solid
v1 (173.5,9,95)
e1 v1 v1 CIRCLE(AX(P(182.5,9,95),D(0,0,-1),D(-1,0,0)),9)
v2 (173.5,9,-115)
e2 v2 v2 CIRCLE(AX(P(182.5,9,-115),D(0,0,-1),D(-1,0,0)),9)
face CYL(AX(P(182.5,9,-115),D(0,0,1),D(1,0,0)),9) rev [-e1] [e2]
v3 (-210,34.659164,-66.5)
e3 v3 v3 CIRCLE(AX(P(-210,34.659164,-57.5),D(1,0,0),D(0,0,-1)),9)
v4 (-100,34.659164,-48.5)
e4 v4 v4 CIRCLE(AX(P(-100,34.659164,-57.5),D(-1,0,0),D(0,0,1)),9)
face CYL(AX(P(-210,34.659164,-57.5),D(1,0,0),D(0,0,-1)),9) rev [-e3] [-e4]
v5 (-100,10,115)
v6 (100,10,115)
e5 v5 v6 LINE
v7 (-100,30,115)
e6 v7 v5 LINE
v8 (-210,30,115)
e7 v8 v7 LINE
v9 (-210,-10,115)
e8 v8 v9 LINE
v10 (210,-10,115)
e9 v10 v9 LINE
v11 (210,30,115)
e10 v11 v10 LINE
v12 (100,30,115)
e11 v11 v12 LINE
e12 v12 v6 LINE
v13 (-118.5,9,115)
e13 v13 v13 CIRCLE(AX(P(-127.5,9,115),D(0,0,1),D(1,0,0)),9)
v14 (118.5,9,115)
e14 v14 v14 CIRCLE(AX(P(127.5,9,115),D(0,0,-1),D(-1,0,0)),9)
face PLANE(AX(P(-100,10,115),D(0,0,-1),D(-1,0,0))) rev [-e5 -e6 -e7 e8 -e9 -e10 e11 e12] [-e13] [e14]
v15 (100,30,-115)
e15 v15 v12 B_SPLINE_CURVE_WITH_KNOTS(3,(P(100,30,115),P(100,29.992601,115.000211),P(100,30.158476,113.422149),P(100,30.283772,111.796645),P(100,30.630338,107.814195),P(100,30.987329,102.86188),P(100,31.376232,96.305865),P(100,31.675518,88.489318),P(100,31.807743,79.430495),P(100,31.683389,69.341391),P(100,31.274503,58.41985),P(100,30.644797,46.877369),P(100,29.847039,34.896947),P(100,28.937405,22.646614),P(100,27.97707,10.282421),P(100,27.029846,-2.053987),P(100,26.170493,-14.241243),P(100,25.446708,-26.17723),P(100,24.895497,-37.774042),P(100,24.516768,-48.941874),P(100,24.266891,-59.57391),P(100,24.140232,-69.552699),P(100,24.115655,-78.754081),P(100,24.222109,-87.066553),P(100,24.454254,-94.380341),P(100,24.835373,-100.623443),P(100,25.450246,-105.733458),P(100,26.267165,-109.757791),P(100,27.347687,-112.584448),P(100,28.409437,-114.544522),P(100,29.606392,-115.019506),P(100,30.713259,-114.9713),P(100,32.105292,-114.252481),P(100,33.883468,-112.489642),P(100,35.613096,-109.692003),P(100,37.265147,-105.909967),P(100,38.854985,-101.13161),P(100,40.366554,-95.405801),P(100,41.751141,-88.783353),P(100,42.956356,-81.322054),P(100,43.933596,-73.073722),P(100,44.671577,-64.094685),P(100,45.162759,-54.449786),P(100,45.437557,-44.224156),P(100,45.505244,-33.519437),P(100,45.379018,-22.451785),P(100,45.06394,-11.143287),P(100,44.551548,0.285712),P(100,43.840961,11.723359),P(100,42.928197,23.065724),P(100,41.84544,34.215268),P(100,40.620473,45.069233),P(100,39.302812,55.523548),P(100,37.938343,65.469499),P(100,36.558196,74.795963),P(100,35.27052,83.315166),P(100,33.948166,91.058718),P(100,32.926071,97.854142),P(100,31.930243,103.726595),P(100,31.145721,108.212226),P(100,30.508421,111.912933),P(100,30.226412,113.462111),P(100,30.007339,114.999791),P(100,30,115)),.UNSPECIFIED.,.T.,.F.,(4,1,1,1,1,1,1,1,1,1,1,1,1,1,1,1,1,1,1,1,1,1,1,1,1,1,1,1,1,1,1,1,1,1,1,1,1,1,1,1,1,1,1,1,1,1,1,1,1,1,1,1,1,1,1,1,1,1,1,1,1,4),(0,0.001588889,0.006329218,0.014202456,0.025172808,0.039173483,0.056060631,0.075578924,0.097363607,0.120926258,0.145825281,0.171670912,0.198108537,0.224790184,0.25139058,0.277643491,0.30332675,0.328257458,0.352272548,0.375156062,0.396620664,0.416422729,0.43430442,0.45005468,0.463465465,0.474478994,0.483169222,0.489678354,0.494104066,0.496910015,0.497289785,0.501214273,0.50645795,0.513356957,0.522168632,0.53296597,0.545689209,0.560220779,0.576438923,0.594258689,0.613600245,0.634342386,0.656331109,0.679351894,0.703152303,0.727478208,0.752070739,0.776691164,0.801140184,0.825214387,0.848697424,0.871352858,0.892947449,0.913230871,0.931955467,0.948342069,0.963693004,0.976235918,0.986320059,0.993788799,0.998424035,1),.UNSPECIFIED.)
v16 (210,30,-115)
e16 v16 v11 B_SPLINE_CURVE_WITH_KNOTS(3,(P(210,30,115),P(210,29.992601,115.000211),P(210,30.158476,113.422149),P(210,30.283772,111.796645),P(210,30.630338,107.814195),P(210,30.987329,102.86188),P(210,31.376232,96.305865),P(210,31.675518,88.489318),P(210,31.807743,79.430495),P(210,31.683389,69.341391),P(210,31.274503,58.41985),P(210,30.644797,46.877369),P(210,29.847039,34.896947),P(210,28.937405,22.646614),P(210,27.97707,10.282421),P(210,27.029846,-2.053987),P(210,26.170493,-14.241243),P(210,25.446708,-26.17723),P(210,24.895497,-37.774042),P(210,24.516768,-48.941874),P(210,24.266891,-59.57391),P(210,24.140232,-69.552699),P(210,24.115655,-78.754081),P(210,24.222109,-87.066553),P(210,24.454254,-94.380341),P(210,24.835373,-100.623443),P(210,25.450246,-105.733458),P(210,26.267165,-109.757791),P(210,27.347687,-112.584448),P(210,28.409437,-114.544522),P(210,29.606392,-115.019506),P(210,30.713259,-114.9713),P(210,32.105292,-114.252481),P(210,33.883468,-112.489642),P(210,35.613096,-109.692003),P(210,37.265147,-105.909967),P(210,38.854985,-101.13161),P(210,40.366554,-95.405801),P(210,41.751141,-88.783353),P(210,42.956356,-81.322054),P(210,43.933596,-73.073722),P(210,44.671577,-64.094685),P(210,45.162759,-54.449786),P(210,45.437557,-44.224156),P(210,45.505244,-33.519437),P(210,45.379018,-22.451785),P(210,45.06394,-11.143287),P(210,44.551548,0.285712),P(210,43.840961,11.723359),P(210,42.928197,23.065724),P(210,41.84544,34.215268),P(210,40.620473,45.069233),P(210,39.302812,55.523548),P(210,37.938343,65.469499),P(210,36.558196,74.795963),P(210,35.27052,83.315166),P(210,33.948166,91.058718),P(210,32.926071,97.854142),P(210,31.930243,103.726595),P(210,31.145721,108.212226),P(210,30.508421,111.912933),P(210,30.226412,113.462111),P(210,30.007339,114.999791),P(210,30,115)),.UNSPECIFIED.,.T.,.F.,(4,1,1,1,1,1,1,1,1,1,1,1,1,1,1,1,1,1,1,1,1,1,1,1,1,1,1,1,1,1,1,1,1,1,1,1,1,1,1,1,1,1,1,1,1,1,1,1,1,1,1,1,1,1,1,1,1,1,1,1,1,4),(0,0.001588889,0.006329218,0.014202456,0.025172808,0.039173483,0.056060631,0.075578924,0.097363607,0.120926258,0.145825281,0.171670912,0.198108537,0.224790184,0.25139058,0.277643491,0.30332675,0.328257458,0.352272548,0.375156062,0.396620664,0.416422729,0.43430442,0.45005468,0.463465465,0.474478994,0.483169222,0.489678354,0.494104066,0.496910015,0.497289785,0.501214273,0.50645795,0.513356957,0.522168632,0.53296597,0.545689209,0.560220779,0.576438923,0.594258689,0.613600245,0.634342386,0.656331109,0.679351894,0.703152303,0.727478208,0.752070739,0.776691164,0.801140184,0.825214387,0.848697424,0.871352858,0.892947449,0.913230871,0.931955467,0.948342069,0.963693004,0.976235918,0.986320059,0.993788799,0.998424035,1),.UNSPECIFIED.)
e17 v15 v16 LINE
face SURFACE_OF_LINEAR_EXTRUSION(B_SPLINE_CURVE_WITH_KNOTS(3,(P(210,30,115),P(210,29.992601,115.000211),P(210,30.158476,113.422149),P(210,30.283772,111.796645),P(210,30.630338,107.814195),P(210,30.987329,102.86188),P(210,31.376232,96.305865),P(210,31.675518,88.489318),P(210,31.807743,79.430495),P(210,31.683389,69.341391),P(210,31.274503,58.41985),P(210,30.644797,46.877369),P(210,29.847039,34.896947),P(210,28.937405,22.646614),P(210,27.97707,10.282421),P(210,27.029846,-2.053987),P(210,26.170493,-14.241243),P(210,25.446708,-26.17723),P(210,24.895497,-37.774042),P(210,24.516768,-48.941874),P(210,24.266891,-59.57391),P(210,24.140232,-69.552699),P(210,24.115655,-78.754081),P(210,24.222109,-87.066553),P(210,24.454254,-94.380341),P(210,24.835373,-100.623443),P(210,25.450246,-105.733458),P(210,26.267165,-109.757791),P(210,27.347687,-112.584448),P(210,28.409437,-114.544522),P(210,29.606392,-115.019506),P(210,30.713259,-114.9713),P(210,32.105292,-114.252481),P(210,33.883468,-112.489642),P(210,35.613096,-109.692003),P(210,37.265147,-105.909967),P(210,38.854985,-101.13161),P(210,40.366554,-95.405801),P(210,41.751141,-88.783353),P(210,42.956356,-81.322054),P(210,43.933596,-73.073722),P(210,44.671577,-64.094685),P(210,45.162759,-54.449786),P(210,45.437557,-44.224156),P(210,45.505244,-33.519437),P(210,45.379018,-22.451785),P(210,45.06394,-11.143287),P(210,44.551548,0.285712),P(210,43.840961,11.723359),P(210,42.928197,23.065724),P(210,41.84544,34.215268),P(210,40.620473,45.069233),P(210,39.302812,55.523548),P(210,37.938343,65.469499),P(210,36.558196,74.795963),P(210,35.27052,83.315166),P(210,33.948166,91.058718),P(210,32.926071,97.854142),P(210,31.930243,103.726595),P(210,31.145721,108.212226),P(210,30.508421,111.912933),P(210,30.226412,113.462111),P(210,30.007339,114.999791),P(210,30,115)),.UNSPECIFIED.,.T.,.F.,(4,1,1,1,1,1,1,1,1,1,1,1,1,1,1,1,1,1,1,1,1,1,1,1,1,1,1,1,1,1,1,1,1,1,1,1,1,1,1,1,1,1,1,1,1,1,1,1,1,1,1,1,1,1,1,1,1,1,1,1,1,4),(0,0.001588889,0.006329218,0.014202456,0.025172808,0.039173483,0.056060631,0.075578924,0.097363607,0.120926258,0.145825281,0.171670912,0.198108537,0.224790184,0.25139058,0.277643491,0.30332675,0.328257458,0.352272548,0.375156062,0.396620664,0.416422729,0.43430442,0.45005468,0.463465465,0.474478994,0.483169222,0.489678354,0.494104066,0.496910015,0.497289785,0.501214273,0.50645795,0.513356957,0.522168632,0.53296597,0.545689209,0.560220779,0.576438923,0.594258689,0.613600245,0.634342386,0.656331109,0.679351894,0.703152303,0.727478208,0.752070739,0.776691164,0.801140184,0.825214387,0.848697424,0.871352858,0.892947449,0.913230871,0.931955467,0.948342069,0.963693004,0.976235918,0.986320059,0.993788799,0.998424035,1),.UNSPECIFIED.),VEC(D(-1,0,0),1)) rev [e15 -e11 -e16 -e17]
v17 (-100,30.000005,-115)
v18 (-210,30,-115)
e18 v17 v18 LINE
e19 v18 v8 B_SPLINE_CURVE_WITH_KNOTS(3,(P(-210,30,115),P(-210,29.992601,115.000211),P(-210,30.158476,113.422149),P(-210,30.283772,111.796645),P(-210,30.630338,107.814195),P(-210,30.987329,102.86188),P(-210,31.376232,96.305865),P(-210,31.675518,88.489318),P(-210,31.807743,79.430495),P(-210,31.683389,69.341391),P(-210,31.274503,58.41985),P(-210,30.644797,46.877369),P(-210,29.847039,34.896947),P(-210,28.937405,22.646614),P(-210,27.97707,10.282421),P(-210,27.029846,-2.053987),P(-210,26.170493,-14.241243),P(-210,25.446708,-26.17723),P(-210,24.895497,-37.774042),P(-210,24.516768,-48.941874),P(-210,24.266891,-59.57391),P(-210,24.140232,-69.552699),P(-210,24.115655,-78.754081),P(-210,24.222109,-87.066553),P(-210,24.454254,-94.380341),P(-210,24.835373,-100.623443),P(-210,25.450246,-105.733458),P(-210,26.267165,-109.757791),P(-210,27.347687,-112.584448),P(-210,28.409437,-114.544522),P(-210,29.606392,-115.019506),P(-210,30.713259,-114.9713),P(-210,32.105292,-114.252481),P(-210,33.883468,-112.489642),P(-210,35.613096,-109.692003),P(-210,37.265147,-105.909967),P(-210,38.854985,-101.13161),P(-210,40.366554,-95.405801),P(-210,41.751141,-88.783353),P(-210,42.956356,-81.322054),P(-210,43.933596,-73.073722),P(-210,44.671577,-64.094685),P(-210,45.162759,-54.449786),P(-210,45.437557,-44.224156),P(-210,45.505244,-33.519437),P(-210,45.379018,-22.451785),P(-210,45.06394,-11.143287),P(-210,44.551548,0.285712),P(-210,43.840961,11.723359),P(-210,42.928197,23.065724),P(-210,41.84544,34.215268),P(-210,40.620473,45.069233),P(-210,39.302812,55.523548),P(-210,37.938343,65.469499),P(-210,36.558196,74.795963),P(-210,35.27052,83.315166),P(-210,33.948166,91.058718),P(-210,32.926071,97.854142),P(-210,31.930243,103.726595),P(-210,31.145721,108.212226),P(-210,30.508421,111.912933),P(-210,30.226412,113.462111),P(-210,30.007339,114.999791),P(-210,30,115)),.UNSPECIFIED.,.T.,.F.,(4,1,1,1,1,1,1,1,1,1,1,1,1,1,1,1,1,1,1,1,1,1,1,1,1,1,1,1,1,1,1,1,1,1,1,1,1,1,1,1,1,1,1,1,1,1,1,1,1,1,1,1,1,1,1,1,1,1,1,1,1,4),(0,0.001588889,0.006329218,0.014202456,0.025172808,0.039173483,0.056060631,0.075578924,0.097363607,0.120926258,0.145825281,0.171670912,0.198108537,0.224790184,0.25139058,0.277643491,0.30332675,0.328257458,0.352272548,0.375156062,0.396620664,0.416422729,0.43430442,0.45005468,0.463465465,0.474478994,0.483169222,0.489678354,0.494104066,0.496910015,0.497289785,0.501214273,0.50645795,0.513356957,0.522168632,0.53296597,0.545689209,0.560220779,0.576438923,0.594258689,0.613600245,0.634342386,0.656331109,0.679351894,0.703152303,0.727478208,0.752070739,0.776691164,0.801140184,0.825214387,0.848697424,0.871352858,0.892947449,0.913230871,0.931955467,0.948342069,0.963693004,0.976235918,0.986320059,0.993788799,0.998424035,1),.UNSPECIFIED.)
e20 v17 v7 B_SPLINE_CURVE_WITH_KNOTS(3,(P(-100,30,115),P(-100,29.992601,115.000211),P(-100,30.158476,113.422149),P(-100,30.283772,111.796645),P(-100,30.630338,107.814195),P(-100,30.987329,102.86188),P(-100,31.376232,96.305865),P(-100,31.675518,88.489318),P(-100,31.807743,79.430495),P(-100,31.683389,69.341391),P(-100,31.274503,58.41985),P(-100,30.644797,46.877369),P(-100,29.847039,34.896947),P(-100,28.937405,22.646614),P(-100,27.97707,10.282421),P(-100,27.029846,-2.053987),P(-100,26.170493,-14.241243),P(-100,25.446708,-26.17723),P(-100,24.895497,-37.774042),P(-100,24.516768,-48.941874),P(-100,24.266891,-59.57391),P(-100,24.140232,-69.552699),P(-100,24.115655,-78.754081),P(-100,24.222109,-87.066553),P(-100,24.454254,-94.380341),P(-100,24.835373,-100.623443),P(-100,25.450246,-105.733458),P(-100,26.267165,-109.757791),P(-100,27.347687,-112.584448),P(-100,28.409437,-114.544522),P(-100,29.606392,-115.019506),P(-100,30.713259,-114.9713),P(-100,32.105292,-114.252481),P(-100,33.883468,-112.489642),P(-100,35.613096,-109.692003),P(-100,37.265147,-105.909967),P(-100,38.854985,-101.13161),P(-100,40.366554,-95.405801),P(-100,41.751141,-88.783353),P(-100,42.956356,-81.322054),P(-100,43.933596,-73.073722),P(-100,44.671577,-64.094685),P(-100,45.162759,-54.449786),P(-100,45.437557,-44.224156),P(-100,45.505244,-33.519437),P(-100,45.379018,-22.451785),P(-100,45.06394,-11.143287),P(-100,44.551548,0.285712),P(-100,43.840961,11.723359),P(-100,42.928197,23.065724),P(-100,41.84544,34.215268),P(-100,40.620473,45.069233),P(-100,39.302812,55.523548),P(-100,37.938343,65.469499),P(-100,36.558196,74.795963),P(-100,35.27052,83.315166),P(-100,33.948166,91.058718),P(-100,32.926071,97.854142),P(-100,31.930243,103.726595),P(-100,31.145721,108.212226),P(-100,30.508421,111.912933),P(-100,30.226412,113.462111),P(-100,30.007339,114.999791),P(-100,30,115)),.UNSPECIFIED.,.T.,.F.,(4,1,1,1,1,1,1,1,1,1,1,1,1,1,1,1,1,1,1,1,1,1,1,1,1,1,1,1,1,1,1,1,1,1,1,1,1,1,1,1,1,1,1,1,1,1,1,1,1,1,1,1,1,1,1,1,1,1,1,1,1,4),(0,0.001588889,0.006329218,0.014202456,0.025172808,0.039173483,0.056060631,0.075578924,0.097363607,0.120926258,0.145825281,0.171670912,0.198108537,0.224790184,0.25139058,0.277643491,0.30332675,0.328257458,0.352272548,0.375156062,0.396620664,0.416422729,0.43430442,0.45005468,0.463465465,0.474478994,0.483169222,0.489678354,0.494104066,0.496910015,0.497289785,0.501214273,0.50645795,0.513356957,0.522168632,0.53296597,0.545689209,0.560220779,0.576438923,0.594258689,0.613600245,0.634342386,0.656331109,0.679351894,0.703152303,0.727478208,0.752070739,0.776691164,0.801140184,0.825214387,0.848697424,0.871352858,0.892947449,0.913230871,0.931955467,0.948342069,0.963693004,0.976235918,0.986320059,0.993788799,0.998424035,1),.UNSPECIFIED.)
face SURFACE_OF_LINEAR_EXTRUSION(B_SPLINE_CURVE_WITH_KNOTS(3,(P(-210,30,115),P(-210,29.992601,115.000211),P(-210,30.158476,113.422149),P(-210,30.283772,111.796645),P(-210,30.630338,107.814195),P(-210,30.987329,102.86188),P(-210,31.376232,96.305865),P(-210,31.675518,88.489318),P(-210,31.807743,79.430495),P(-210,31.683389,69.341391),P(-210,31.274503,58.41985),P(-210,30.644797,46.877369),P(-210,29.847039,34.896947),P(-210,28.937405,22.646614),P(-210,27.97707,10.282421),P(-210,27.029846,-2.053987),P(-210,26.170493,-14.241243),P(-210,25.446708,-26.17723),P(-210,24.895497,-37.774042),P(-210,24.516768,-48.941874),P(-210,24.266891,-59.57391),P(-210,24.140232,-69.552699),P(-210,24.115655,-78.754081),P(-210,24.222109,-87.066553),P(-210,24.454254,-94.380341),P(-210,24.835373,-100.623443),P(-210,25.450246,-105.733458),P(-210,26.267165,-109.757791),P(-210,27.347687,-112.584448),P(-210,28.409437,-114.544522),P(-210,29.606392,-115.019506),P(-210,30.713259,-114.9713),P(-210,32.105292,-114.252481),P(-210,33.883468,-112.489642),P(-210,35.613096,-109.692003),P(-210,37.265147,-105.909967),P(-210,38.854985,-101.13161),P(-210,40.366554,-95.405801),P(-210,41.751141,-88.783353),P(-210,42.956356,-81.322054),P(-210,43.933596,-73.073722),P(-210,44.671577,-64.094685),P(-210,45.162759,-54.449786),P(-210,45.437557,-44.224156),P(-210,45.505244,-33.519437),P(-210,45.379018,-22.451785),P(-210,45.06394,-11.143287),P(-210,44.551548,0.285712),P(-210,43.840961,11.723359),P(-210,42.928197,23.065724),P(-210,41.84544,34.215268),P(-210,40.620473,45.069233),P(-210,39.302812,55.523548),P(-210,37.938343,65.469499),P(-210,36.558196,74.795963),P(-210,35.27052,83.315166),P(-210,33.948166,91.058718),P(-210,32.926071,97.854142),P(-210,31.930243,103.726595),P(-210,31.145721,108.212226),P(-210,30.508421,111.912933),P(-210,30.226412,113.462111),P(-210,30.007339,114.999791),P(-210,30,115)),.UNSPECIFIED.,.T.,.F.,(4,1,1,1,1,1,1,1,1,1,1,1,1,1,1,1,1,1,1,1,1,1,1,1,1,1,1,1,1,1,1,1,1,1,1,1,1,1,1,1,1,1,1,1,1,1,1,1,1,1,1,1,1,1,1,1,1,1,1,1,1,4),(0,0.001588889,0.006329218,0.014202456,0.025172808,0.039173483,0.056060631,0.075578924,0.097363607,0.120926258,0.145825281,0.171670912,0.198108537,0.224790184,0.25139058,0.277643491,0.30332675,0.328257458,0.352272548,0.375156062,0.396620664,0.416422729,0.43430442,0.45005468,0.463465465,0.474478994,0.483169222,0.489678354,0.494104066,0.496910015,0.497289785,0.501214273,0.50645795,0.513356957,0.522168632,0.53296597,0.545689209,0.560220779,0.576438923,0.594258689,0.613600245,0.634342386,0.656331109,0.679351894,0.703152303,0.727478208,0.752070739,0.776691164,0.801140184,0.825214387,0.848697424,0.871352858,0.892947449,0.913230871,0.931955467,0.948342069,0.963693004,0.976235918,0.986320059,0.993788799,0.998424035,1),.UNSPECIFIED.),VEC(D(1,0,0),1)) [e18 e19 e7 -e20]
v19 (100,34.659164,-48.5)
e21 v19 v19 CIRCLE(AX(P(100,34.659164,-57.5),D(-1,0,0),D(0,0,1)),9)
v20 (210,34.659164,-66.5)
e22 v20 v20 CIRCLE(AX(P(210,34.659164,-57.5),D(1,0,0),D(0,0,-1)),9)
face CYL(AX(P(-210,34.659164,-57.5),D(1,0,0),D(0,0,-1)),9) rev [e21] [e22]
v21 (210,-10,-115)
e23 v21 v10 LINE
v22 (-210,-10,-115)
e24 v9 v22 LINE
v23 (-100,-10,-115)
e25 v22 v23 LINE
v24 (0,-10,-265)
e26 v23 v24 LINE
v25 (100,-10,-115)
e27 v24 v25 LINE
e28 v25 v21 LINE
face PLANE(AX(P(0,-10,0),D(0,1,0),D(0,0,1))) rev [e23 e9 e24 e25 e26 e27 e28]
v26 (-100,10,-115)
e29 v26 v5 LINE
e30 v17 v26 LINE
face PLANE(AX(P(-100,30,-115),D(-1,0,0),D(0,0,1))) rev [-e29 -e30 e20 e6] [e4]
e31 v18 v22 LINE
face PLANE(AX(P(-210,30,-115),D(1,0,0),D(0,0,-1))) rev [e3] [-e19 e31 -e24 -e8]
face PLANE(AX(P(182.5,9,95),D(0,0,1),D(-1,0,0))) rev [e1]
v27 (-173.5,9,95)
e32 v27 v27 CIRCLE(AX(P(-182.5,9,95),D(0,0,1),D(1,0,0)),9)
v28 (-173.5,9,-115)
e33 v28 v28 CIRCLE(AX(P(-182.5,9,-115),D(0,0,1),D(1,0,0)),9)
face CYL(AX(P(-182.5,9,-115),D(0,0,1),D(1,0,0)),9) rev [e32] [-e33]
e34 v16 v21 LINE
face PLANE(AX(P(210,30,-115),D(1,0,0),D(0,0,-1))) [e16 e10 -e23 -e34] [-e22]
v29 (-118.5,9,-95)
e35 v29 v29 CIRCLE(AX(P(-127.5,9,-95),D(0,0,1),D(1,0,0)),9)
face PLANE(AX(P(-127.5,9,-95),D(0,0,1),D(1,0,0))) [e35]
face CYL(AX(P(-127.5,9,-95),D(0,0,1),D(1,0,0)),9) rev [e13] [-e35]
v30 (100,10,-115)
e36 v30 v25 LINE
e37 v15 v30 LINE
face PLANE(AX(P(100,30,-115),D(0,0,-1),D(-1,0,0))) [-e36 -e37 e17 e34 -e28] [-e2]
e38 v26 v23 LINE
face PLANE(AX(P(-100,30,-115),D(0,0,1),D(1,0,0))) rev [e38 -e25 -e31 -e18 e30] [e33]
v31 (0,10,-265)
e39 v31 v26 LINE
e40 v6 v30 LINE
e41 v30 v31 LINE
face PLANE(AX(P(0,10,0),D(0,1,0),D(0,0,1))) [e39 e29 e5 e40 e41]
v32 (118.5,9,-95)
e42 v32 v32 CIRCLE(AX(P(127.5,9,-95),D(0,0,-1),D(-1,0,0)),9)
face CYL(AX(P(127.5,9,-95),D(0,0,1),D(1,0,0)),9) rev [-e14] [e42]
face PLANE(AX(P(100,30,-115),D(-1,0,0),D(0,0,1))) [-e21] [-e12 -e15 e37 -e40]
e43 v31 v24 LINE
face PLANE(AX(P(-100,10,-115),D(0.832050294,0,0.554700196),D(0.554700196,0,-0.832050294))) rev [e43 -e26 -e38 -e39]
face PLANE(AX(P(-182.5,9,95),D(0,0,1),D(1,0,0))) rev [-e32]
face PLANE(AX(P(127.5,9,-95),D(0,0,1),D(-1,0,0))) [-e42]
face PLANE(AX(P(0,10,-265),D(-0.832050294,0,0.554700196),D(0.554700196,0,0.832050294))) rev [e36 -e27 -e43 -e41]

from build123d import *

# Parameters (mm, degrees)
ESTRUSIONE_ESTRUSIONE1_DEPTH  = 10
SCHIZZO4_W                    = 110
SCHIZZO4_H                    = 230
ESTRUSIONE_ESTRUSIONE2_DEPTH  = 30
ESTRUSIONE_ESTRUSIONE6_DEPTH  = 110
ESTRUSIONE_ESTRUSIONE7_DEPTH  = 110
TAGLIO_ESTRUSIONE1_DEPTH      = 411.357133016
TAGLIO_ESTRUSIONE1_DEPTH_BACK = 411.357133016
SCHIZZO12_R                   = 9
ESTRUSIONE_ESTRUSIONE8_DEPTH  = 10
SCHIZZO13_R                   = 9
TAGLIO_ESTRUSIONE2_DEPTH      = 210
TAGLIO_ESTRUSIONE3_START      = -20
SCHIZZO13_3_R                 = 9
TAGLIO_ESTRUSIONE3_DEPTH      = 210


with BuildPart() as part:
    # Schizzo3 → Estrusione-Estrusione1 (new body)
    with BuildSketch(Plane(origin=(0, 0, 0), x_dir=(1, 0, 0), z_dir=(0, 1, 0))):
        Polygon((-100, 115), (0, 265), (100, 115), (100, -115), (-100, -115), align=None)
    extrude(amount=ESTRUSIONE_ESTRUSIONE1_DEPTH)

    # Schizzo4 → Estrusione-Estrusione2 (add)
    with BuildSketch(Plane(origin=(0, 0, 0), x_dir=(1, 0, 0), z_dir=(0, 1, 0))):
        with Locations((-155, 0)):
            Rectangle(SCHIZZO4_W, SCHIZZO4_H)
    estrusione_estrusione2 = extrude(amount=ESTRUSIONE_ESTRUSIONE2_DEPTH)

    # Specchia1: Estrusione-Estrusione2 across plane
    add(estrusione_estrusione2.mirror(Plane(origin=(0, 0, 0), x_dir=(0, 0, 1), z_dir=(1, 0, 0))))

    # Schizzo7 → Estrusione-Estrusione6 (add)
    with BuildSketch(Plane(origin=(210, 0, 0), x_dir=(0, 0, -1), z_dir=(1, 0, 0))):
        Polygon((-115, 30), (-67.116126168, 36.704444838), (-28.045596082, 30), align=None)
    estrusione_estrusione6 = extrude(amount=-ESTRUSIONE_ESTRUSIONE6_DEPTH)

    # Schizzo2 → Estrusione-Estrusione7 (add)
    with BuildSketch(Plane(origin=(100, 0, 0), x_dir=(0, 0, -1), z_dir=(1, 0, 0))):
        with BuildLine():
            add(Edge.make_bspline(
                [(-115, 30), (-115.000210545, 29.992600645), (-113.422148564, 30.158475864), (-111.796644727, 30.283772029), (-107.814194843, 30.630338356), (-102.861879623, 30.987329262), (-96.305865405, 31.376231826), (-88.489318037, 31.675517587), (-79.430494503, 31.807742684), (-69.341391082, 31.683388701), (-58.419850102, 31.274503076), (-46.877369477, 30.644796944), (-34.896947284, 29.847039434), (-22.646613535, 28.937405028), (-10.282420858, 27.977069897), (2.053986621, 27.029846245), (14.24124297, 26.170492863), (26.177229823, 25.446707781), (37.774042318, 24.895496731), (48.941874013, 24.516768377), (59.573909852, 24.266890816), (69.552699105, 24.140231832), (78.754080602, 24.115655421), (87.066553377, 24.222109148), (94.380340607, 24.454254196), (100.623442659, 24.835372596), (105.733457905, 25.450246293), (109.757791111, 26.267165094), (112.584447535, 27.347686718), (114.544522218, 28.409436669), (115.019506308, 29.606391564), (114.971300063, 30.713259492), (114.252481427, 32.105291566), (112.489642477, 33.883468186), (109.692003391, 35.61309624), (105.909966736, 37.265146946), (101.131610144, 38.854984679), (95.405801052, 40.36655429), (88.783353126, 41.751140678), (81.322054125, 42.956355889), (73.073722079, 43.933595569), (64.094685163, 44.671576526), (54.449786097, 45.162759351), (44.224155903, 45.437556505), (33.519437101, 45.505243934), (22.451785091, 45.379017652), (11.14328681, 45.063940096), (-0.28571179, 44.551548305), (-11.723358771, 43.840961212), (-23.065724405, 42.92819664), (-34.215267516, 41.845440169), (-45.069232514, 40.620473007), (-55.523547672, 39.302812034), (-65.469499205, 37.938342947), (-74.795963084, 36.558195732), (-83.315166316, 35.270519644), (-91.058717697, 33.948165881), (-97.854142359, 32.926071265), (-103.726595065, 31.930242691), (-108.212226347, 31.145720718), (-111.912932633, 30.508420978), (-113.462111319, 30.226412439), (-114.999791168, 30.00733917), (-115, 30)],
                knots=[0, 0, 0, 0, 0.001588889, 0.006329218, 0.014202456, 0.025172808, 0.039173483, 0.056060631, 0.075578924, 0.097363607, 0.120926258, 0.145825281, 0.171670912, 0.198108537, 0.224790184, 0.25139058, 0.277643491, 0.30332675, 0.328257458, 0.352272548, 0.375156062, 0.396620664, 0.416422729, 0.43430442, 0.45005468, 0.463465465, 0.474478994, 0.483169222, 0.489678354, 0.494104066, 0.496910015, 0.497289785, 0.501214273, 0.50645795, 0.513356957, 0.522168632, 0.53296597, 0.545689209, 0.560220779, 0.576438923, 0.594258689, 0.613600245, 0.634342386, 0.656331109, 0.679351894, 0.703152303, 0.727478208, 0.752070739, 0.776691164, 0.801140184, 0.825214387, 0.848697424, 0.871352858, 0.892947449, 0.913230871, 0.931955467, 0.948342069, 0.963693004, 0.976235918, 0.986320059, 0.993788799, 0.998424035, 1, 1, 1, 1], degree=3))
        make_face()
    estrusione_estrusione7 = extrude(amount=ESTRUSIONE_ESTRUSIONE7_DEPTH)

    # Specchia2: Estrusione-Estrusione6, Estrusione-Estrusione7 across plane
    add(estrusione_estrusione6.mirror(Plane(origin=(0, 0, 0), x_dir=(0, 0, 1), z_dir=(1, 0, 0))))
    add(estrusione_estrusione7.mirror(Plane(origin=(0, 0, 0), x_dir=(0, 0, 1), z_dir=(1, 0, 0))))

    # Schizzo12 → Taglio-Estrusione1 (cut, two sides: drawn at the far end of the back side and taken through both)
    with BuildSketch(Plane(origin=(100, 0, 0), x_dir=(0, 0, -1), z_dir=(1, 0, 0)).offset(-TAGLIO_ESTRUSIONE1_DEPTH_BACK)):
        with Locations((57.5, 34.659164248)):
            Circle(SCHIZZO12_R)
    extrude(amount=TAGLIO_ESTRUSIONE1_DEPTH + TAGLIO_ESTRUSIONE1_DEPTH_BACK, mode=Mode.SUBTRACT)

    # Schizzo14 → Estrusione-Estrusione8 (add)
    with BuildSketch(Plane.XZ):
        Polygon((-210, 115), (210, 115), (210, -115), (100, -115), (0, -265), (-100, -115), (-210, -115), align=None)
    extrude(amount=ESTRUSIONE_ESTRUSIONE8_DEPTH)

    # Schizzo13 → Taglio-Estrusione2 (cut)
    with BuildSketch(Plane.XY.offset(115)):
        with Locations((-127.5, 9)):
            Circle(SCHIZZO13_R)
    taglio_estrusione2 = extrude(amount=-TAGLIO_ESTRUSIONE2_DEPTH, mode=Mode.SUBTRACT)

    # Schizzo13<3> → Taglio-Estrusione3 (cut)
    with BuildSketch(Plane.XY.offset(115).offset(TAGLIO_ESTRUSIONE3_START)):
        with Locations((-182.5, 9)):
            Circle(SCHIZZO13_3_R)
    taglio_estrusione3 = extrude(amount=-TAGLIO_ESTRUSIONE3_DEPTH, mode=Mode.SUBTRACT)

    # Specchia3: Taglio-Estrusione2, Taglio-Estrusione3 across plane
    add(taglio_estrusione2.mirror(Plane(origin=(0, 0, 0), x_dir=(0, 0, 1), z_dir=(1, 0, 0))), mode=Mode.SUBTRACT)
    add(taglio_estrusione3.mirror(Plane(origin=(0, 0, 0), x_dir=(0, 0, 1), z_dir=(1, 0, 0))), mode=Mode.SUBTRACT)


solid = part.part
